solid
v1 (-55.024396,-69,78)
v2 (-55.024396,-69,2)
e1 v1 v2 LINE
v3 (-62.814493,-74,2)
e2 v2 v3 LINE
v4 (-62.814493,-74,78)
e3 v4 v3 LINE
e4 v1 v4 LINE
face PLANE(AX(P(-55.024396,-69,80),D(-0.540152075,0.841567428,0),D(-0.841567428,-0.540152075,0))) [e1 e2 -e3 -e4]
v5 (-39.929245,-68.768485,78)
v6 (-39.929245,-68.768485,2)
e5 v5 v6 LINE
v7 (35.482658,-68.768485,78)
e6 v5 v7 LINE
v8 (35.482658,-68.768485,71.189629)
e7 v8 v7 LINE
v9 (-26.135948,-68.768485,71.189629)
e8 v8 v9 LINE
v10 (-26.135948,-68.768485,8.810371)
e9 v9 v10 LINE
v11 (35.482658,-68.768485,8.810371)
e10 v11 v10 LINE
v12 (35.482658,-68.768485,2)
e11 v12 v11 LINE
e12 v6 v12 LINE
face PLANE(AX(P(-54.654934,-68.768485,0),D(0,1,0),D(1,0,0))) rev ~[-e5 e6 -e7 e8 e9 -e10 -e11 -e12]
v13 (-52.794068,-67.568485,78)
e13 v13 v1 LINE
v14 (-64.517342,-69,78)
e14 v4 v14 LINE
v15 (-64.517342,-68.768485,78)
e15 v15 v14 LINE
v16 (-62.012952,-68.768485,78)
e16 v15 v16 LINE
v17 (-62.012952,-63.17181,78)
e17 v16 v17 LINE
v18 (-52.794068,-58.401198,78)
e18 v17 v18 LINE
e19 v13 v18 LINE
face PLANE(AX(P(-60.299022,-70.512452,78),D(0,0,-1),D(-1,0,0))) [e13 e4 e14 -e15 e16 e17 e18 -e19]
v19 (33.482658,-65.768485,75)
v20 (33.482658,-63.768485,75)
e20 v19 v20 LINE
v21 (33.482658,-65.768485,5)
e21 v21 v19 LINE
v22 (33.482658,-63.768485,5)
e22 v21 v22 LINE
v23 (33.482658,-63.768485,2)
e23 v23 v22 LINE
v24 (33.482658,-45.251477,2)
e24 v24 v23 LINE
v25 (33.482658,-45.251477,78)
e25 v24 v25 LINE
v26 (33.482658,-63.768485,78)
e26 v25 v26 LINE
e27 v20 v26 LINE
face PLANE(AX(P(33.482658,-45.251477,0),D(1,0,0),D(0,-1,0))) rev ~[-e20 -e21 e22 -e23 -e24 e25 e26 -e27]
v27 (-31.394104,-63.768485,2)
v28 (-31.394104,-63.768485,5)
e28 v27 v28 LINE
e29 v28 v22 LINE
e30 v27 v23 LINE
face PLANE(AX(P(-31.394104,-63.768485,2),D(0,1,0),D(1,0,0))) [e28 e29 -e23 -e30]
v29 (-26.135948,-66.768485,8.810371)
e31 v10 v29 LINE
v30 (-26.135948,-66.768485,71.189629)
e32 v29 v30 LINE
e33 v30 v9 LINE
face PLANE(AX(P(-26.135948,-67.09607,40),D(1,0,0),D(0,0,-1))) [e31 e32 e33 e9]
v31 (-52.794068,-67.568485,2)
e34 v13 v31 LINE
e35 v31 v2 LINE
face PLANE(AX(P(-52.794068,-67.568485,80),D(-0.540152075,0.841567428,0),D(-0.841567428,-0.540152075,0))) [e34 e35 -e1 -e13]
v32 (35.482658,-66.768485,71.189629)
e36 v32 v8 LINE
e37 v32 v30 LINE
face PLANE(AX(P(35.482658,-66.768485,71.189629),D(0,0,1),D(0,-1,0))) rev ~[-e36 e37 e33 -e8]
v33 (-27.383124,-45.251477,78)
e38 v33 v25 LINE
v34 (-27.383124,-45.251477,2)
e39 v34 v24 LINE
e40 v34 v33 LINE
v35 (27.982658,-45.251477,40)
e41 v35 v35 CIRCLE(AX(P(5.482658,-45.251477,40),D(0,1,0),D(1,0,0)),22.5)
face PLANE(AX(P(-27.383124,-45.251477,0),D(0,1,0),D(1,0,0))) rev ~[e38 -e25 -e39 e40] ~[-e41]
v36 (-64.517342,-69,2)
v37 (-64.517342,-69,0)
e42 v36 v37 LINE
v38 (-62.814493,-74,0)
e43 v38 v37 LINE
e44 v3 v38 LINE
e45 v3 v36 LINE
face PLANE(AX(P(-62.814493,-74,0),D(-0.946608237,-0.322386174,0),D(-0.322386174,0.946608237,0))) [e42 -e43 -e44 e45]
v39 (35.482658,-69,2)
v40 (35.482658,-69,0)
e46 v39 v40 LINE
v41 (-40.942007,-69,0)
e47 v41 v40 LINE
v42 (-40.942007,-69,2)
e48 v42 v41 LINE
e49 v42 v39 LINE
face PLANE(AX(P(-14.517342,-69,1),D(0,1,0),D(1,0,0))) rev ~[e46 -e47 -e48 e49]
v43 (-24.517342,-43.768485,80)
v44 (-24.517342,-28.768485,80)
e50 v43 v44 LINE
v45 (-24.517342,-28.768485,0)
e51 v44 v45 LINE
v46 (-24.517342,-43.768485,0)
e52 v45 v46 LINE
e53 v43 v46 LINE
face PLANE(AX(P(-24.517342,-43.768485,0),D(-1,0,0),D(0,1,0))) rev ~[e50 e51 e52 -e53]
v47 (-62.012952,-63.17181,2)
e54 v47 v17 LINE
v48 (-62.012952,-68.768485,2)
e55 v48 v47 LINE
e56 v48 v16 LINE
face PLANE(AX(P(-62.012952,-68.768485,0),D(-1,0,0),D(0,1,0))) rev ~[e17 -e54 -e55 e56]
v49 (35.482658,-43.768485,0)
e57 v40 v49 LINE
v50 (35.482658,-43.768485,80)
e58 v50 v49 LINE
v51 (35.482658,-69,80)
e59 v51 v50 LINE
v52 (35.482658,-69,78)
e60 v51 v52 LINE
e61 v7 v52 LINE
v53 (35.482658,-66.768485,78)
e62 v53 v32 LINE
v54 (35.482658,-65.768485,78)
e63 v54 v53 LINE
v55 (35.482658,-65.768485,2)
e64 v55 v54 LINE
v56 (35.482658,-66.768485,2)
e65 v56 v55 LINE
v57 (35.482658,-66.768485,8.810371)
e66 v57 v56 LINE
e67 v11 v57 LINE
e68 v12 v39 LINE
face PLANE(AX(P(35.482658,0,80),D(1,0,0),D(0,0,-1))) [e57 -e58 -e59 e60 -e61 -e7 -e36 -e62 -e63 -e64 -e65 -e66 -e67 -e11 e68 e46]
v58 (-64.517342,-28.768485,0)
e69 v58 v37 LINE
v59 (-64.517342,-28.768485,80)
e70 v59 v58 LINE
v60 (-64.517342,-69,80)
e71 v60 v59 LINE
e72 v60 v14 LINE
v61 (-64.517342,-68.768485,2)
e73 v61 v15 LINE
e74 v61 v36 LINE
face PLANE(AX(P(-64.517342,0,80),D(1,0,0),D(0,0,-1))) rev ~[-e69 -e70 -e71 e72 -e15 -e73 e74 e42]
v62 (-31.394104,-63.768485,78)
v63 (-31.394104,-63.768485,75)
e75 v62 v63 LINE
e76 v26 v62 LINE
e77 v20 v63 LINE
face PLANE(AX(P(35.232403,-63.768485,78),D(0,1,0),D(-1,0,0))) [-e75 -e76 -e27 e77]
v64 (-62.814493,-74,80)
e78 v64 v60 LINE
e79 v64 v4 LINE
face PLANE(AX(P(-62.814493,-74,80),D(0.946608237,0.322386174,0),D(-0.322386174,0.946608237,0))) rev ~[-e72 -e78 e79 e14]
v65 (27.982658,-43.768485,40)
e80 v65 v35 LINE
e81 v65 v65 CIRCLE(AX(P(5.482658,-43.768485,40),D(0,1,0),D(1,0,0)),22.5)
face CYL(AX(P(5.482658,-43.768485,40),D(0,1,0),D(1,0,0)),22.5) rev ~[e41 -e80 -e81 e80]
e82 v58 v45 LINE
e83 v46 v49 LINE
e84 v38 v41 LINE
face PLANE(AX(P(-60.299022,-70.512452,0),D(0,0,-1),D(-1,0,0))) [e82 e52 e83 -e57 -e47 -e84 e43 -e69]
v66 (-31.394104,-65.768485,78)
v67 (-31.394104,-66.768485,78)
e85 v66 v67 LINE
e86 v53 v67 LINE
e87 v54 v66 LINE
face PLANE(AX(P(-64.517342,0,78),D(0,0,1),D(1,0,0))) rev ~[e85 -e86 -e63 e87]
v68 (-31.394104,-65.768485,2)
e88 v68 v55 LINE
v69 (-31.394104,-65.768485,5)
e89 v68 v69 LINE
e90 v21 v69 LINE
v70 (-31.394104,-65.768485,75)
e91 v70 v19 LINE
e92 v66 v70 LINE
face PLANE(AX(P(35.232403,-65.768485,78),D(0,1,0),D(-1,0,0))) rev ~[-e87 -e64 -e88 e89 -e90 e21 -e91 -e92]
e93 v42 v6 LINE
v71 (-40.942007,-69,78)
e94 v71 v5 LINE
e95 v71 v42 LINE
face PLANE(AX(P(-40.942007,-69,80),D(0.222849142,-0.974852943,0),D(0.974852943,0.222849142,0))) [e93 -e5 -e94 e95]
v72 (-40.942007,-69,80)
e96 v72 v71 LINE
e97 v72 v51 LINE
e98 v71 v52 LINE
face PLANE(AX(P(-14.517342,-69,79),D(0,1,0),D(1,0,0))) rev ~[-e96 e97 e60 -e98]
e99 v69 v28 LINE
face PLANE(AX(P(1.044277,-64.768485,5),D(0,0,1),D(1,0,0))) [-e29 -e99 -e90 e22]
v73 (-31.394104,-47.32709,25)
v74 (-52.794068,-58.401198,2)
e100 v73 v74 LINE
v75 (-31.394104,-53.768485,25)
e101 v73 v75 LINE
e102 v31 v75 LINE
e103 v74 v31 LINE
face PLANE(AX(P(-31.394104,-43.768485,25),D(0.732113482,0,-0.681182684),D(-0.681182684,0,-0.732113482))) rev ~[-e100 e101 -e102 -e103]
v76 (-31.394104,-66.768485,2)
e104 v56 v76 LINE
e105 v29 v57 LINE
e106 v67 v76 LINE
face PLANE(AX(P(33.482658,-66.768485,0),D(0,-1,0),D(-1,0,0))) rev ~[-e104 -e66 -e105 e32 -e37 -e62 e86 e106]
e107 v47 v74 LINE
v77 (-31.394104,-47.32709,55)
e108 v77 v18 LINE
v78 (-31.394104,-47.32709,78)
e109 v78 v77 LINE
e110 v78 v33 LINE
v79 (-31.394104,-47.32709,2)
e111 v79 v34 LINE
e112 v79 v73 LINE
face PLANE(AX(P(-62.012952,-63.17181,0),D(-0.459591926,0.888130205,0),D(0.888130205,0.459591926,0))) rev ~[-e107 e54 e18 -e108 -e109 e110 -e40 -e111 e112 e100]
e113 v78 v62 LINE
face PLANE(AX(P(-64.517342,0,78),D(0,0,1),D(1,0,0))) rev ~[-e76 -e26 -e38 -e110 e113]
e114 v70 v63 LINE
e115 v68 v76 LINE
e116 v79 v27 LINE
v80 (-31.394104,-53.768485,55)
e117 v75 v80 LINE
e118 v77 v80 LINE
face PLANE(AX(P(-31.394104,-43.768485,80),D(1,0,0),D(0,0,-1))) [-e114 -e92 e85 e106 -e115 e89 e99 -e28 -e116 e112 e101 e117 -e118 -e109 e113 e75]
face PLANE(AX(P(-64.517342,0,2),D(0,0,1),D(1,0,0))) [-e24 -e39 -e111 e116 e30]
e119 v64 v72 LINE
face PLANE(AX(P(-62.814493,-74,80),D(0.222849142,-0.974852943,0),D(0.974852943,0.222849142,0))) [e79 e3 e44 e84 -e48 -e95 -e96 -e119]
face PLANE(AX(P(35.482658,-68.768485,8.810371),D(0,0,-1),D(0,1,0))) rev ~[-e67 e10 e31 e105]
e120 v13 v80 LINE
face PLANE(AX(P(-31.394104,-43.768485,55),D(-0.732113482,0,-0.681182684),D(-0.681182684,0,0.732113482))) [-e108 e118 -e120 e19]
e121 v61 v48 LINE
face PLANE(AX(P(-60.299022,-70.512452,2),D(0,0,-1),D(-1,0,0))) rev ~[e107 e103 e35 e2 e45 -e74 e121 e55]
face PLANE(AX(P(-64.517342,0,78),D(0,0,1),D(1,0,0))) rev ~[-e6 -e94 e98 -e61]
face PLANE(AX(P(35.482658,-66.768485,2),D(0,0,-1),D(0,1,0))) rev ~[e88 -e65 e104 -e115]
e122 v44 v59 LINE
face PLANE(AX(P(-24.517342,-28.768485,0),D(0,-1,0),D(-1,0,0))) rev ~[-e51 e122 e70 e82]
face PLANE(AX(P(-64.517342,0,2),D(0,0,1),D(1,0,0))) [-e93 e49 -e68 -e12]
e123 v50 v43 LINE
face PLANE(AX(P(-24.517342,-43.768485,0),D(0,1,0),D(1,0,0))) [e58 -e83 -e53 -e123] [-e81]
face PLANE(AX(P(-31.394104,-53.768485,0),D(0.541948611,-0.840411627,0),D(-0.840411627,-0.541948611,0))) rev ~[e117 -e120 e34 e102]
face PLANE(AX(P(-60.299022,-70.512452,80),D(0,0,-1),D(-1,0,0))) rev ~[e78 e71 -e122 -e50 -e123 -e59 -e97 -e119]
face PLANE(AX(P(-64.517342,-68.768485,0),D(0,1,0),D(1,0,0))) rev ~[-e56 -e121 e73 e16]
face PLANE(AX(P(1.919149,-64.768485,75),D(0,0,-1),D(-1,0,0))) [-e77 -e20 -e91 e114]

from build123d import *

# Parameters (mm, degrees)
BOSS_EXTRUDE1_DEPTH      = 80
BOSS_EXTRUDE2_DEPTH      = 25
SKETCH5_W                = 100
SKETCH5_H                = 2
BOSS_EXTRUDE3_DEPTH      = 1
BOSS_EXTRUDE3_DEPTH_BACK = 69
CUT_EXTRUDE1_DEPTH       = 54
CUT_EXTRUDE1_DEPTH_BACK  = 128
BOSS_EXTRUDE4_DEPTH      = 80
BOSS_EXTRUDE5_DEPTH      = 2
BOSS_EXTRUDE6_DEPTH      = 2
CUT_EXTRUDE2_DEPTH       = 10
SKETCH12_W               = 66.626507626
SKETCH12_H               = 2
BOSS_EXTRUDE7_DEPTH      = 3
SKETCH13_W               = 64.876762197
SKETCH13_H               = 2
BOSS_EXTRUDE8_DEPTH      = 3
CUT_EXTRUDE3_DEPTH       = 61.618605692


with BuildPart() as part:
    # Sketch1 → Boss-Extrude1 (new body)
    with BuildSketch(Plane.XY):
        Polygon((33.482657766, -45.251477229), (33.482657766, -66.768484939), (-31.394104431, -66.768484939), (-31.394104431, -53.768484939), (-54.654934222, -68.768484939), (35.482657766, -68.768484939), (35.482657766, -43.768484939), (-24.517342234, -43.768484939), (-24.517342234, -28.768484939), (-64.517342234, -28.768484939), (-64.517342234, -68.768484939), (-62.012951809, -68.768484939), (-62.012951809, -63.171810384), (-27.383124188, -45.251477229), align=None)
    extrude(amount=BOSS_EXTRUDE1_DEPTH)

    # Sketch4 → Boss-Extrude2 (add)
    with BuildSketch(Plane(origin=(0, -43.768484939, 0), x_dir=(1, 0, 0), z_dir=(0, 1, 0))):
        Polygon((-54.654934222, -80), (-31.394104431, -80), (-31.394104431, -55), align=None)
        Polygon((-54.654934222, 0), (-31.394104431, 0), (-31.394104431, -25), align=None)
    extrude(amount=-BOSS_EXTRUDE2_DEPTH)

    # Sketch5 → Boss-Extrude3 (add, two sides)
    with BuildSketch(Plane(origin=(0, 0, 0), x_dir=(1, 0, 0), z_dir=(0, 1, 0))) as boss_extrude3_sk:
        with Locations((-14.517342234, -79)):
            Rectangle(SKETCH5_W, SKETCH5_H)
        with Locations((-14.517342234, -1)):
            Rectangle(SKETCH5_W, SKETCH5_H)
    extrude(amount=BOSS_EXTRUDE3_DEPTH)
    extrude(boss_extrude3_sk.sketch, amount=-BOSS_EXTRUDE3_DEPTH_BACK)

    # Sketch6 → Cut-Extrude1 (cut, two sides)
    with BuildSketch(Plane(origin=(0, 0, 0), x_dir=(-1, 0, 0), z_dir=(0, 0, -1))) as cut_extrude1_sk:
        Polygon((64.517342234, -28.768484939), (24.517342234, -28.768484939), (24.517342234, -43.768484939), (-35.482657766, -43.768484939), (-64.959998335, 15.691238157), (80.820060582, 20.703322698), align=None)
    extrude(amount=CUT_EXTRUDE1_DEPTH, mode=Mode.SUBTRACT)
    extrude(cut_extrude1_sk.sketch, amount=-CUT_EXTRUDE1_DEPTH_BACK, mode=Mode.SUBTRACT)

    # Sketch7 → Boss-Extrude4 (add)
    with BuildSketch(Plane.XY.offset(80)):
        Polygon((-40.942007341, -69), (-55.024396115, -69), (-62.814493255, -74), align=None)
        Polygon((-47.280486214, -68.008659762), (-52.794067838, -67.568484939), (-55.024396115, -69), (-40.942007341, -69), (-39.368534116, -68.640307638), align=None)
    extrude(amount=-BOSS_EXTRUDE4_DEPTH)

    # Sketch9 → Boss-Extrude5 (add)
    with BuildSketch(Plane.XY.offset(80)):
        Polygon((-64.517342234, -69), (-55.024396115, -69), (-62.814493255, -74), align=None)
    extrude(amount=-BOSS_EXTRUDE5_DEPTH)

    # Sketch10 → Boss-Extrude6 (add)
    with BuildSketch(Plane(origin=(0, 0, 0), x_dir=(-1, 0, 0), z_dir=(0, 0, -1))):
        Polygon((64.517342234, -69), (55.024396115, -69), (62.814493255, -74), align=None)
    extrude(amount=-BOSS_EXTRUDE6_DEPTH)

    # Sketch11 → Cut-Extrude2 (cut)
    with BuildSketch(Plane(origin=(0, -43.768484939, 0), x_dir=(1, 0, 0), z_dir=(0, 1, 0))):
        with BuildLine():
            ThreePointArc((-17.017342234, -40), (5.482657766, -62.5), (27.982657766, -40))
            Line((27.982657766, -40), (-17.017342234, -40))
        make_face()
        with BuildLine():
            Line((-17.017342234, -40), (27.982657766, -40))
            ThreePointArc((27.982657766, -40), (5.482657766, -17.5), (-17.017342234, -40))
        make_face()
    extrude(amount=-CUT_EXTRUDE2_DEPTH, mode=Mode.SUBTRACT)

    # Sketch12 → Boss-Extrude7 (add)
    with BuildSketch(Plane(origin=(0, 0, 78), x_dir=(-1, 0, 0), z_dir=(0, 0, -1))):
        with Locations((-1.919149382, -64.768484939)):
            Rectangle(SKETCH12_W, SKETCH12_H)
    extrude(amount=BOSS_EXTRUDE7_DEPTH)

    # Sketch13 → Boss-Extrude8 (add)
    with BuildSketch(Plane.XY.offset(2)):
        with Locations((1.044276668, -64.768484939)):
            Rectangle(SKETCH13_W, SKETCH13_H)
    extrude(amount=BOSS_EXTRUDE8_DEPTH)

    # Sketch14 → Cut-Extrude3 (cut)
    with BuildSketch(Plane(origin=(35.482657766, 0, 0), x_dir=(0, 0, -1), z_dir=(1, 0, 0))):
        Polygon((-2, -65.768484939), (-78, -65.768484939), (-78, -66.768484939), (-71.1896289, -66.768484939), (-71.1896289, -68.768484939), (-40, -68.768484939), (-8.8103711, -68.768484939), (-8.8103711, -66.768484939), (-2, -66.768484939), align=None)
    extrude(amount=-CUT_EXTRUDE3_DEPTH, mode=Mode.SUBTRACT)


solid = part.part
